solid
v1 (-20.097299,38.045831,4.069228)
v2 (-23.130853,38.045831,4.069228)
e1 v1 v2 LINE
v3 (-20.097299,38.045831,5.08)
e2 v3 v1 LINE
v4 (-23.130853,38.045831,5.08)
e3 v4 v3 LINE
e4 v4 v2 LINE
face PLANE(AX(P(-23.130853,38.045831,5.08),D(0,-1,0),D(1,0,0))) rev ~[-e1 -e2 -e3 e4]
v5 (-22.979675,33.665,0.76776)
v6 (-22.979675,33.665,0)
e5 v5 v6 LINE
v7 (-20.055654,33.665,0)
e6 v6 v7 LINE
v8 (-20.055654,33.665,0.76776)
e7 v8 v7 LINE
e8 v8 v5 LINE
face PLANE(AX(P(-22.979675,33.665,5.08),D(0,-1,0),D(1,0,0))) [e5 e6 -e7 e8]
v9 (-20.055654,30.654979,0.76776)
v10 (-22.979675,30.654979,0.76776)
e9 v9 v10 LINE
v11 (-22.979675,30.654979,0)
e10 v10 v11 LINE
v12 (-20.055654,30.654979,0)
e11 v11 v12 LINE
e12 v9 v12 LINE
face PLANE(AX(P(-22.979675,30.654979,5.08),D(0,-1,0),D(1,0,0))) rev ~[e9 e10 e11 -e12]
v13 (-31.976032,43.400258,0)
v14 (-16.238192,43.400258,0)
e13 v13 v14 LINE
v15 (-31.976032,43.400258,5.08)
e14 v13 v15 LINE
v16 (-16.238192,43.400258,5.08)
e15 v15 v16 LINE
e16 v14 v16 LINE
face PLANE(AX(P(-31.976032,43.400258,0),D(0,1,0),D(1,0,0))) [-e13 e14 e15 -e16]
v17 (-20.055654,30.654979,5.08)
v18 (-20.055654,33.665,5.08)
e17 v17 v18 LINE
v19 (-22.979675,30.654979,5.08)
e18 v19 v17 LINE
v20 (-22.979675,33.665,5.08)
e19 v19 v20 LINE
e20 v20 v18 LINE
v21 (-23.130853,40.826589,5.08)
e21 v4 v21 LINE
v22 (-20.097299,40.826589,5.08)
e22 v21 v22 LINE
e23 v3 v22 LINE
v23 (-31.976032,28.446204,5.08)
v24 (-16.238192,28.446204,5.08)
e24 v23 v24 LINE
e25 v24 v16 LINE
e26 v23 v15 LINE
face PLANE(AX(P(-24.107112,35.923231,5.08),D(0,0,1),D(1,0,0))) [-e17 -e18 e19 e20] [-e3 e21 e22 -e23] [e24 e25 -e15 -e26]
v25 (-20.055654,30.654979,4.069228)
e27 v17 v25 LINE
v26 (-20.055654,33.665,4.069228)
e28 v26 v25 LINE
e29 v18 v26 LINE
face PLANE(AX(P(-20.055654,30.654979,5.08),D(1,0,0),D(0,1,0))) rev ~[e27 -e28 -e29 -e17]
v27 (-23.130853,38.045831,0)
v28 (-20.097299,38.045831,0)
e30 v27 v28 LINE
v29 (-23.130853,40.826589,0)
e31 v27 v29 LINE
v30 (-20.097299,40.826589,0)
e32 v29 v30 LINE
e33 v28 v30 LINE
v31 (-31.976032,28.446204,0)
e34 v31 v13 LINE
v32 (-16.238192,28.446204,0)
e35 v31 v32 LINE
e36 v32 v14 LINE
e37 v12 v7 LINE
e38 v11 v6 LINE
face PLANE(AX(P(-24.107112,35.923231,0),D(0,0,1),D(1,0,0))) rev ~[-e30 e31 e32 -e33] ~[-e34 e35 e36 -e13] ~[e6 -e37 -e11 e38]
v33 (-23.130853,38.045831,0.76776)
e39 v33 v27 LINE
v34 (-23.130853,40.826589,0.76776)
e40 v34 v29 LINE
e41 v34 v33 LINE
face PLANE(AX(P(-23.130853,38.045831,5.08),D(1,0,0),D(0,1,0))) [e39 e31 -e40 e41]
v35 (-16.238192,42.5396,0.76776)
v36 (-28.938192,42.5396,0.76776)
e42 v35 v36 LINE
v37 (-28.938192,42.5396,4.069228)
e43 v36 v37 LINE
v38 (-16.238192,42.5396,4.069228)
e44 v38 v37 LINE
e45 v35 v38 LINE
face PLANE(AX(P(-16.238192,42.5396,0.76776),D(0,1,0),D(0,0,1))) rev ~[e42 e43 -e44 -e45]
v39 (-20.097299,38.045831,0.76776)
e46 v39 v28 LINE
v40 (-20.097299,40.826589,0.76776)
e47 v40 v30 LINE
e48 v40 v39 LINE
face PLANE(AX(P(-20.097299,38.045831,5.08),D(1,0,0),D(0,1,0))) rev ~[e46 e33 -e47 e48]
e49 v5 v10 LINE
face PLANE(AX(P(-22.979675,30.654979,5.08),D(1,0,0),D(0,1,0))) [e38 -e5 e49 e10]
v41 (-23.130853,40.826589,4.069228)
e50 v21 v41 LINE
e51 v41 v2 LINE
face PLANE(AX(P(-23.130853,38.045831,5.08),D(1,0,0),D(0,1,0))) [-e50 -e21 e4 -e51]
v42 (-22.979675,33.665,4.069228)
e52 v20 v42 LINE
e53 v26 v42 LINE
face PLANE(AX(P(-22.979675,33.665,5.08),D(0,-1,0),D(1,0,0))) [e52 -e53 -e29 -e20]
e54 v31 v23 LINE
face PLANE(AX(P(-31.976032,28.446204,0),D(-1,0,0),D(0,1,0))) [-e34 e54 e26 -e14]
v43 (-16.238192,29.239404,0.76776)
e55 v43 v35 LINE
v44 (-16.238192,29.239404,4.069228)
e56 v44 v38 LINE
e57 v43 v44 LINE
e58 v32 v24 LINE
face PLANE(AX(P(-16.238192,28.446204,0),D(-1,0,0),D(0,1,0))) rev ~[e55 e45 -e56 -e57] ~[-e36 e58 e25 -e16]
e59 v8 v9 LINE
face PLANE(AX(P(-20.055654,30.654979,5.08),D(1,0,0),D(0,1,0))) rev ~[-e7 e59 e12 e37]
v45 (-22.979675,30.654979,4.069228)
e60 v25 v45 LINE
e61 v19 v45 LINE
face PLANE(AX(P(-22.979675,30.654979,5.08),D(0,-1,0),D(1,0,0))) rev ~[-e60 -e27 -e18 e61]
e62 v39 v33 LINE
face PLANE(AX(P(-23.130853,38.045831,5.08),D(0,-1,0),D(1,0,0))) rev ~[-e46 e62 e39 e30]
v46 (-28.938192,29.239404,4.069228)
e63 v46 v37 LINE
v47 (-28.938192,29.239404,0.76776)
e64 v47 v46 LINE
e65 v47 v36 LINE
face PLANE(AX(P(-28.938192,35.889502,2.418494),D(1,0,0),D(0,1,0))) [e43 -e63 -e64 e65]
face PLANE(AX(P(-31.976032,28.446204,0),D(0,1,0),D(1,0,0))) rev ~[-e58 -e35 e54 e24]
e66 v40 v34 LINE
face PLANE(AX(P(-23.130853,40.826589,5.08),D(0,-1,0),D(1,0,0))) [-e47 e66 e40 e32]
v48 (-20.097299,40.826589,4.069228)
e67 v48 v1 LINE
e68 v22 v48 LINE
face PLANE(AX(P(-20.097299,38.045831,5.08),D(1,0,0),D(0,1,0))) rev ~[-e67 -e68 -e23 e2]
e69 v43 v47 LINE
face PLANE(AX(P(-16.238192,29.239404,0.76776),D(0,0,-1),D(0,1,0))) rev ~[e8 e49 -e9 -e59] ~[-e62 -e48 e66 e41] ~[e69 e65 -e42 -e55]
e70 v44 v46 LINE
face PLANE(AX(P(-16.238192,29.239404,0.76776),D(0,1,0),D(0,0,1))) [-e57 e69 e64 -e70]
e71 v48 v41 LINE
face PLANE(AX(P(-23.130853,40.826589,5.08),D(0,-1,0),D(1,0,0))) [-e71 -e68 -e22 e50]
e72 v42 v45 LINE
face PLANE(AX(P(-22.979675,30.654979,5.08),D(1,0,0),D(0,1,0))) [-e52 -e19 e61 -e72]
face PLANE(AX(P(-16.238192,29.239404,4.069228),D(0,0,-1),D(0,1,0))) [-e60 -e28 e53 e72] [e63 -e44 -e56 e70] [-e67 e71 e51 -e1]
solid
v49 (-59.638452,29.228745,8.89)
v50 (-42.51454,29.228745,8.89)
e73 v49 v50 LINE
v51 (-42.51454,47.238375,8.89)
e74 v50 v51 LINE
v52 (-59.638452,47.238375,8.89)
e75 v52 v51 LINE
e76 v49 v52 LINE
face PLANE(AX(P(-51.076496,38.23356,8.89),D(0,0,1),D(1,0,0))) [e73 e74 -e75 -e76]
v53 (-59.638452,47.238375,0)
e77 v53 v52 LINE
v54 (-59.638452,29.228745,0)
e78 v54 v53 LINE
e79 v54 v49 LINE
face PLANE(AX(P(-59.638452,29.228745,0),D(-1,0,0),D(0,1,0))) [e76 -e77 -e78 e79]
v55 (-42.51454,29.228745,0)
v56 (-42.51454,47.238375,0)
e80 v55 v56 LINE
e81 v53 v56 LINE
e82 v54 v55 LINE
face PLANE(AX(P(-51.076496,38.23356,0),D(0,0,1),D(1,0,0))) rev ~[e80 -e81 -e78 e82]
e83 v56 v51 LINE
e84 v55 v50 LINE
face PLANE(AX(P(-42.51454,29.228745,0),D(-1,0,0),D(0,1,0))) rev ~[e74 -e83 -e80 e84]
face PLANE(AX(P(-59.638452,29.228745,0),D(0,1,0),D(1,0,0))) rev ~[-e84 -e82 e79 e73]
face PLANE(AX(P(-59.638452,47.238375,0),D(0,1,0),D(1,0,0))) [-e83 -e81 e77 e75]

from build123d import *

# Parameters (mm, degrees)
F0_W     = 17.123912
F0_H     = 18.009631
F1_DEPTH = 8.89
F2_W     = 15.73784
F2_H     = 14.954054
F3_DEPTH = 5.08
F4_W     = 13.300197
F4_H     = 3.301468
F5_DEPTH = 12.7
F6_W     = 3.033554
F6_H     = 2.780758
F7_DEPTH = 25.4
F8_W     = 2.924021
F8_H     = 3.010021
F9_DEPTH = 25.4


with BuildPart() as f1:
    # F0 (on Top) → F1 (new body)
    with BuildSketch(Plane.XY):
        with Locations((-51.076496, 38.23356)):
            Rectangle(F0_W, F0_H)
    extrude(amount=F1_DEPTH)


with BuildPart() as f3:
    # F2 (on Top) → F3 (new body)
    with BuildSketch(Plane.XY):
        with Locations((-24.107112, 35.923231)):
            Rectangle(F2_W, F2_H)
    extrude(amount=F3_DEPTH)

    # F4 (on face) → F5 (cut)
    with BuildSketch(Plane.YZ.offset(-16.238192)):
        with Locations((35.889502, 2.418494)):
            Rectangle(F4_W, F4_H)
    extrude(amount=-F5_DEPTH, mode=Mode.SUBTRACT)

    # F6 (on face) → F7 (cut)
    with BuildSketch(Plane.XY.offset(5.08)):
        with Locations((-21.614076, 39.43621)):
            Rectangle(F6_W, F6_H)
    extrude(amount=-F7_DEPTH, mode=Mode.SUBTRACT)

    # F8 (on face) → F9 (cut)
    with BuildSketch(Plane.XY.offset(5.08)):
        with Locations((-21.517665, 32.15999)):
            Rectangle(F8_W, F8_H)
    extrude(amount=-F9_DEPTH, mode=Mode.SUBTRACT)


solid = Compound([f1.part, f3.part])
